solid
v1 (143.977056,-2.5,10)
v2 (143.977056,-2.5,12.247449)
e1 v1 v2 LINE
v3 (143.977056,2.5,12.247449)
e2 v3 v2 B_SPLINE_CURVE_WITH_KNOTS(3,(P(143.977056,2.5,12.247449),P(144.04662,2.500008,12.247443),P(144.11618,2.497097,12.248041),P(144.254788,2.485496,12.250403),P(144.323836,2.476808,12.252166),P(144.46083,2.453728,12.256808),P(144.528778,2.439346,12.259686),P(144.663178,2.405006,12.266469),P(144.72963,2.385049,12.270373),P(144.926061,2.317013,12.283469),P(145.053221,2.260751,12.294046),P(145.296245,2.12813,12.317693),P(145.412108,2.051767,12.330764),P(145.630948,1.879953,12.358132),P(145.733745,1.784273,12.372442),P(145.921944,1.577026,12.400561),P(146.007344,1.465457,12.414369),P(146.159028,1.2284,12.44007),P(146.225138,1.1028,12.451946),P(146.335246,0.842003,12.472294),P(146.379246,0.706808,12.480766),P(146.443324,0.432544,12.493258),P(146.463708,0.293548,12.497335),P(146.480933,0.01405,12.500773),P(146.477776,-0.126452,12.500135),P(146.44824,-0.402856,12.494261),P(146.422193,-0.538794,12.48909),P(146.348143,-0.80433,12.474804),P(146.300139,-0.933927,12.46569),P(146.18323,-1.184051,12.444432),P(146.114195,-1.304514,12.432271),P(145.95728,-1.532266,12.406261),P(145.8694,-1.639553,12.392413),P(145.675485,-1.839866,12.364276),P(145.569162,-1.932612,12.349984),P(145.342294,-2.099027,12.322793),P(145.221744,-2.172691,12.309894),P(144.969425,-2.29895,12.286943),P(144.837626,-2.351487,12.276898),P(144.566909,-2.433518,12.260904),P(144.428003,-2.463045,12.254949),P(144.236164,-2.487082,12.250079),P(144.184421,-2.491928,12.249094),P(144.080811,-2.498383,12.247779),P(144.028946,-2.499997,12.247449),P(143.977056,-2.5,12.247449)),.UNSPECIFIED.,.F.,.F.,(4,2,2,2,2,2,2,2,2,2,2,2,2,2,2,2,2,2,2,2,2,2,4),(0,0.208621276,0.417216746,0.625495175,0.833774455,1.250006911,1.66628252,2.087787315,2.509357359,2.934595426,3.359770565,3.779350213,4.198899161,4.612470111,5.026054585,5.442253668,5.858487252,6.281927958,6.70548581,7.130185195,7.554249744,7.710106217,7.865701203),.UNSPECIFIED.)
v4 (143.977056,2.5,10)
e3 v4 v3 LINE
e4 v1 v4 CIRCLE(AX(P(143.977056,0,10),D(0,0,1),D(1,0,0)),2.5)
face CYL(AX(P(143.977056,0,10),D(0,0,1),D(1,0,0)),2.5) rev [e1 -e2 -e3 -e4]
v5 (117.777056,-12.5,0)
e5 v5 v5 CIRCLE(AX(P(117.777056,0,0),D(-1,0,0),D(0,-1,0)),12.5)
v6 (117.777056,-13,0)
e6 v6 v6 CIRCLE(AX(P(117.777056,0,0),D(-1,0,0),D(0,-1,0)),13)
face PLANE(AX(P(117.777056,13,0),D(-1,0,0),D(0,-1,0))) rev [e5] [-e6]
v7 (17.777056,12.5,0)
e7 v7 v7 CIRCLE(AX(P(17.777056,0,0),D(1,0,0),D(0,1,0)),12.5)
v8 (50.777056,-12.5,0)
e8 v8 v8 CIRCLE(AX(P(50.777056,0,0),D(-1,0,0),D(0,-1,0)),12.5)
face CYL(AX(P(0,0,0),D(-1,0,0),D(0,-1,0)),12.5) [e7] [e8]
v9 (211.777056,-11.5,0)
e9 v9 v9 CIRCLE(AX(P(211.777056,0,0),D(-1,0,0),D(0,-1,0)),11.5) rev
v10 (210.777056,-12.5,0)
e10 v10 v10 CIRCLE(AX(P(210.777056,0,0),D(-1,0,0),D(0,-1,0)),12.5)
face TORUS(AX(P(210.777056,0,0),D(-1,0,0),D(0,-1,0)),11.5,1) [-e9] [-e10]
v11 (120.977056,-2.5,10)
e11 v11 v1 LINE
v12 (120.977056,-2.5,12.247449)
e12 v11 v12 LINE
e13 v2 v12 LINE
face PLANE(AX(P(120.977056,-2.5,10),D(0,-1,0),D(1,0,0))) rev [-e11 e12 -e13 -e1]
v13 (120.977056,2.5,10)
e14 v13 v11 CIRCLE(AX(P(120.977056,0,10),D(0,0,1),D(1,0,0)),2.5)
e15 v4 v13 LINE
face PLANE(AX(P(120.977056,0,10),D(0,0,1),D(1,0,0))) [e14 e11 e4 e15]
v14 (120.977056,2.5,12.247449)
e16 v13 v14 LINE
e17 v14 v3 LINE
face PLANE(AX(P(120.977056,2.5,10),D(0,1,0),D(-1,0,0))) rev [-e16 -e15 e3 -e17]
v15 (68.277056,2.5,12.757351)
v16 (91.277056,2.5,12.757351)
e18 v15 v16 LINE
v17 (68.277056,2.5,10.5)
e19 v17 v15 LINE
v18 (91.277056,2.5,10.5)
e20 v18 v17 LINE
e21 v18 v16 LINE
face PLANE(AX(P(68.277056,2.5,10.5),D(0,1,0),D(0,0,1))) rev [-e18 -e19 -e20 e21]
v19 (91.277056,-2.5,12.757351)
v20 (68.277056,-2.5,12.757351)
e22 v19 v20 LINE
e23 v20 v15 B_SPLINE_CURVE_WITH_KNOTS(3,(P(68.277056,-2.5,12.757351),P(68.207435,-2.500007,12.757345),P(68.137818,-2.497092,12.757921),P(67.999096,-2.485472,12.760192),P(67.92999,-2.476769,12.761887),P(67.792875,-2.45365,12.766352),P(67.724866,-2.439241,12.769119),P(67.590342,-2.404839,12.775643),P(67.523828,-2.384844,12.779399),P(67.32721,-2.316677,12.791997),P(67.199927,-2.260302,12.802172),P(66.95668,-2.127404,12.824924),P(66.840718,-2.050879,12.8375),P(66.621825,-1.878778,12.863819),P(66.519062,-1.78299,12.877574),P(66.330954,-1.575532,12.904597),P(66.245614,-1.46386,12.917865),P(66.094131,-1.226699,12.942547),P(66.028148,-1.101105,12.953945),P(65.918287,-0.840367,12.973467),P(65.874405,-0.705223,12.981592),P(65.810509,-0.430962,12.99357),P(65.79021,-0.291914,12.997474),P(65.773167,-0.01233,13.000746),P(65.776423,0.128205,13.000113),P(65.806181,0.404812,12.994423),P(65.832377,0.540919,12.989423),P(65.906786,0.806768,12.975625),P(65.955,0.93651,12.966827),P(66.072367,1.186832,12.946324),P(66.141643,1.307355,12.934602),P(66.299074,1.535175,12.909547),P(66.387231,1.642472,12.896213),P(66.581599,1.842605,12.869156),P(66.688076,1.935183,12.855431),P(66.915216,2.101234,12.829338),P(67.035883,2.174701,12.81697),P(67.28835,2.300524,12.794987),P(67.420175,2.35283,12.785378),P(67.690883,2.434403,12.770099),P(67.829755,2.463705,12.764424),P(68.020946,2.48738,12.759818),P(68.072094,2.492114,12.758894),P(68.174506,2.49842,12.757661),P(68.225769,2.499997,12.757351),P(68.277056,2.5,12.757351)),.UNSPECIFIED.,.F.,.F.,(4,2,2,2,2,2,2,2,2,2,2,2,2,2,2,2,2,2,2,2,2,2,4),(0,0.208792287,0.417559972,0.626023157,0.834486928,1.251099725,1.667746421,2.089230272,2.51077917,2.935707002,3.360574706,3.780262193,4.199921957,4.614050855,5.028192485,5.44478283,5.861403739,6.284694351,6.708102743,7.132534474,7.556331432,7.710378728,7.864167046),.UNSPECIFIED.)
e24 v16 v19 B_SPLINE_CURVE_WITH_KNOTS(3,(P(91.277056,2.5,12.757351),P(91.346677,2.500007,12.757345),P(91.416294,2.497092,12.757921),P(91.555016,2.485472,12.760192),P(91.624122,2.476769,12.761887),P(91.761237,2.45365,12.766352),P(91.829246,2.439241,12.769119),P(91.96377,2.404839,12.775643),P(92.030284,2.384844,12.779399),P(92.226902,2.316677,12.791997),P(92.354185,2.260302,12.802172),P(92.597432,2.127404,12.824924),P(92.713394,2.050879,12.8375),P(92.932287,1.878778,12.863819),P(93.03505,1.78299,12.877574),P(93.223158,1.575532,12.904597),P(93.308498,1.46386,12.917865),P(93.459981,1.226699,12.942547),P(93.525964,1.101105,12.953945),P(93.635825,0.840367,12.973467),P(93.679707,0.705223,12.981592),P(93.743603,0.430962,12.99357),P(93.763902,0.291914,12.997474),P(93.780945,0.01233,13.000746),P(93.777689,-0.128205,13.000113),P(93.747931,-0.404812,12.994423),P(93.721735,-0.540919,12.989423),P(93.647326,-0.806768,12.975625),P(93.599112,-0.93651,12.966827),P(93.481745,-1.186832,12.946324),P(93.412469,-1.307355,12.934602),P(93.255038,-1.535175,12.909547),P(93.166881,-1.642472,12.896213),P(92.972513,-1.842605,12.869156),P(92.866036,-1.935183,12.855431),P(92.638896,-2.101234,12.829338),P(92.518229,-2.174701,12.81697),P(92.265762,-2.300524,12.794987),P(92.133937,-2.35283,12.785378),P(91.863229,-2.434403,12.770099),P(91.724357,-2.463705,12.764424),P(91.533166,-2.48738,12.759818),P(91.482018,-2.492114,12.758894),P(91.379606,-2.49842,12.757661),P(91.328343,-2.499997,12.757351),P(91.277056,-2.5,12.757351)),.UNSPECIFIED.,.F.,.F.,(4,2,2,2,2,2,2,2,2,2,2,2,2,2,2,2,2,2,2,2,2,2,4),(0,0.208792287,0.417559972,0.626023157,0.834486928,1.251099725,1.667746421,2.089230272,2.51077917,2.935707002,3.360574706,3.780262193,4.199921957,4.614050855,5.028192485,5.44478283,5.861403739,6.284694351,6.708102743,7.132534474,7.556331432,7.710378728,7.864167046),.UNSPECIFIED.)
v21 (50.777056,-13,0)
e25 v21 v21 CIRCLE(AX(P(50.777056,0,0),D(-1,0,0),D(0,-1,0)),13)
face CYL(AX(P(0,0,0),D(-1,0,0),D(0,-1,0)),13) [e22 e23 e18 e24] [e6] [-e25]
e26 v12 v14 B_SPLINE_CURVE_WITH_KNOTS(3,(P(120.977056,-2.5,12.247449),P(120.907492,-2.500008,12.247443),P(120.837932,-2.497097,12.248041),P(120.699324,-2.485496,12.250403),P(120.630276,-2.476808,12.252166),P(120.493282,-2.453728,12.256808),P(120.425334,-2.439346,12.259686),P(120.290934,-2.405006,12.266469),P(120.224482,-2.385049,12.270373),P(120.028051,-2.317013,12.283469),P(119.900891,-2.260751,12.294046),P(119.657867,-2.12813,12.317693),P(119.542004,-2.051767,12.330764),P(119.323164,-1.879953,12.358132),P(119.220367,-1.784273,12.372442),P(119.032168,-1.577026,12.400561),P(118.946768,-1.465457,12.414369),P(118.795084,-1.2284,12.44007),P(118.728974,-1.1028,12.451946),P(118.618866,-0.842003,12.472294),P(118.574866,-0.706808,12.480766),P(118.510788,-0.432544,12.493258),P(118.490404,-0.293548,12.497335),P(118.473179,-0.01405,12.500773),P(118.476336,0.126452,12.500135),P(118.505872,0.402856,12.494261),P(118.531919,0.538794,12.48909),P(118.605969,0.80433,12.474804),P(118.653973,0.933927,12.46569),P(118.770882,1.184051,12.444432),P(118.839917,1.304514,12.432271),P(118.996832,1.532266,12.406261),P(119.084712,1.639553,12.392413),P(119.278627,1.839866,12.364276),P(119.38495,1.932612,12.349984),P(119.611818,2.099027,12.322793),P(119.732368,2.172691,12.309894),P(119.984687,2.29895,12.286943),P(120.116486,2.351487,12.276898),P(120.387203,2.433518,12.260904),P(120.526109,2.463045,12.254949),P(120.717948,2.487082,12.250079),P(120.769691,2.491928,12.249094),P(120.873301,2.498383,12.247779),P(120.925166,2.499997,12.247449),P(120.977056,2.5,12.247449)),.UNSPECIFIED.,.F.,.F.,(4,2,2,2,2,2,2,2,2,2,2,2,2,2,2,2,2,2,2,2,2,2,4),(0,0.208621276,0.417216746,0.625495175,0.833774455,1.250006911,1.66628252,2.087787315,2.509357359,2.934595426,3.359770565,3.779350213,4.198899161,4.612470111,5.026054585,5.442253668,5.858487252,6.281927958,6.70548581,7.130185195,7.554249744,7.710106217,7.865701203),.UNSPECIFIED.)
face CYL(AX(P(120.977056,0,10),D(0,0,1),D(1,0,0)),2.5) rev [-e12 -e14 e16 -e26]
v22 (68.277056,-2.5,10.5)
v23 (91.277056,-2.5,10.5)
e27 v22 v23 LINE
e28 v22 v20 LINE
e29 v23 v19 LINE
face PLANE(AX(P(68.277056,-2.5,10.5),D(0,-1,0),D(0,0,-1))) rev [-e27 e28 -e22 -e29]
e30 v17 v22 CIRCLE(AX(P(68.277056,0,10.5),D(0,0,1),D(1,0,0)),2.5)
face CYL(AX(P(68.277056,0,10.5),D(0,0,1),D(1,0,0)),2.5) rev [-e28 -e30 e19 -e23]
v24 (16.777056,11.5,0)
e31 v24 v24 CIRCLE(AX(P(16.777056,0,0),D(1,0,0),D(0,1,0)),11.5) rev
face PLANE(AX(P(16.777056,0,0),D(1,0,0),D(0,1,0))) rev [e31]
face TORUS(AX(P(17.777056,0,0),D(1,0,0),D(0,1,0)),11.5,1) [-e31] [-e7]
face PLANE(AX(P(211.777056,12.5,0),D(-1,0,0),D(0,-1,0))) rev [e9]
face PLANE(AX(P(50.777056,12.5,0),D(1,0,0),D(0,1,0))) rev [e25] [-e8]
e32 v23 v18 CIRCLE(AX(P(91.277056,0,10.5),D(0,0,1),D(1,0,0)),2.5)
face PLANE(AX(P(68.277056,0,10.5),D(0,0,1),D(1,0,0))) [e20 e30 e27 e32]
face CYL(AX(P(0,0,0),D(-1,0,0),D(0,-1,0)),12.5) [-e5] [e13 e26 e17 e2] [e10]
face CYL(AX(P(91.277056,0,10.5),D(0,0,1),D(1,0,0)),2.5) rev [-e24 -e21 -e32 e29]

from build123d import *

# Parameters (mm, degrees)
CUT_EXTRUDE2_DEPTH = 2.5
CUT_EXTRUDE3_DEPTH = 2.5
FILLET1_R          = 1
FILLET2_R          = 1


with BuildPart() as part:
    # Sketch1 → Revolve1 (revolve)
    with BuildSketch(Plane.XY, mode=Mode.PRIVATE) as revolve1_sk:
        Polygon((16.777055999, 0), (16.777055999, 12.5), (50.777055999, 12.5), (50.777055999, 13), (117.777055999, 13), (117.777055999, 12.5), (211.777055999, 12.5), (211.777055999, 0), align=None)
    revolve(revolve1_sk.sketch.rotate(Axis((0, 0, 0), (1, 0, 0)), 180), axis=Axis((0, 0, 0), (1, 0, 0)))

    # Sketch2 → Cut-Extrude2 (cut)
    with BuildSketch(Plane.XY.offset(12.5)):
        with BuildLine():
            Line((120.977055999, 2.5), (143.977055999, 2.5))
            ThreePointArc((143.977055999, 2.5), (146.477055999, 0), (143.977055999, -2.5))
            Line((143.977055999, -2.5), (120.977055999, -2.5))
            ThreePointArc((120.977055999, -2.5), (118.477055999, 0), (120.977055999, 2.5))
        make_face()
    extrude(amount=-CUT_EXTRUDE2_DEPTH, mode=Mode.SUBTRACT)

    # Sketch3 → Cut-Extrude3 (cut)
    with BuildSketch(Plane.XY.offset(13)):
        with BuildLine():
            Line((68.277055999, 2.5), (91.277055999, 2.5))
            ThreePointArc((91.277055999, 2.5), (93.777055999, 0), (91.277055999, -2.5))
            Line((91.277055999, -2.5), (68.277055999, -2.5))
            ThreePointArc((68.277055999, -2.5), (65.777055999, 0), (68.277055999, 2.5))
        make_face()
    extrude(amount=-CUT_EXTRUDE3_DEPTH, mode=Mode.SUBTRACT)

    # Fillet1
    fillet1_edges = [part.edges().sort_by_distance(p)[0] for p in [
        (211.777055999, 12.5, 0),
    ]]
    fillet(fillet1_edges, radius=FILLET1_R)

    # Fillet2
    fillet2_edges = [part.edges().sort_by_distance(p)[0] for p in [
        (16.777055999, 12.5, 0),
    ]]
    fillet(fillet2_edges, radius=FILLET2_R)


solid = part.part
